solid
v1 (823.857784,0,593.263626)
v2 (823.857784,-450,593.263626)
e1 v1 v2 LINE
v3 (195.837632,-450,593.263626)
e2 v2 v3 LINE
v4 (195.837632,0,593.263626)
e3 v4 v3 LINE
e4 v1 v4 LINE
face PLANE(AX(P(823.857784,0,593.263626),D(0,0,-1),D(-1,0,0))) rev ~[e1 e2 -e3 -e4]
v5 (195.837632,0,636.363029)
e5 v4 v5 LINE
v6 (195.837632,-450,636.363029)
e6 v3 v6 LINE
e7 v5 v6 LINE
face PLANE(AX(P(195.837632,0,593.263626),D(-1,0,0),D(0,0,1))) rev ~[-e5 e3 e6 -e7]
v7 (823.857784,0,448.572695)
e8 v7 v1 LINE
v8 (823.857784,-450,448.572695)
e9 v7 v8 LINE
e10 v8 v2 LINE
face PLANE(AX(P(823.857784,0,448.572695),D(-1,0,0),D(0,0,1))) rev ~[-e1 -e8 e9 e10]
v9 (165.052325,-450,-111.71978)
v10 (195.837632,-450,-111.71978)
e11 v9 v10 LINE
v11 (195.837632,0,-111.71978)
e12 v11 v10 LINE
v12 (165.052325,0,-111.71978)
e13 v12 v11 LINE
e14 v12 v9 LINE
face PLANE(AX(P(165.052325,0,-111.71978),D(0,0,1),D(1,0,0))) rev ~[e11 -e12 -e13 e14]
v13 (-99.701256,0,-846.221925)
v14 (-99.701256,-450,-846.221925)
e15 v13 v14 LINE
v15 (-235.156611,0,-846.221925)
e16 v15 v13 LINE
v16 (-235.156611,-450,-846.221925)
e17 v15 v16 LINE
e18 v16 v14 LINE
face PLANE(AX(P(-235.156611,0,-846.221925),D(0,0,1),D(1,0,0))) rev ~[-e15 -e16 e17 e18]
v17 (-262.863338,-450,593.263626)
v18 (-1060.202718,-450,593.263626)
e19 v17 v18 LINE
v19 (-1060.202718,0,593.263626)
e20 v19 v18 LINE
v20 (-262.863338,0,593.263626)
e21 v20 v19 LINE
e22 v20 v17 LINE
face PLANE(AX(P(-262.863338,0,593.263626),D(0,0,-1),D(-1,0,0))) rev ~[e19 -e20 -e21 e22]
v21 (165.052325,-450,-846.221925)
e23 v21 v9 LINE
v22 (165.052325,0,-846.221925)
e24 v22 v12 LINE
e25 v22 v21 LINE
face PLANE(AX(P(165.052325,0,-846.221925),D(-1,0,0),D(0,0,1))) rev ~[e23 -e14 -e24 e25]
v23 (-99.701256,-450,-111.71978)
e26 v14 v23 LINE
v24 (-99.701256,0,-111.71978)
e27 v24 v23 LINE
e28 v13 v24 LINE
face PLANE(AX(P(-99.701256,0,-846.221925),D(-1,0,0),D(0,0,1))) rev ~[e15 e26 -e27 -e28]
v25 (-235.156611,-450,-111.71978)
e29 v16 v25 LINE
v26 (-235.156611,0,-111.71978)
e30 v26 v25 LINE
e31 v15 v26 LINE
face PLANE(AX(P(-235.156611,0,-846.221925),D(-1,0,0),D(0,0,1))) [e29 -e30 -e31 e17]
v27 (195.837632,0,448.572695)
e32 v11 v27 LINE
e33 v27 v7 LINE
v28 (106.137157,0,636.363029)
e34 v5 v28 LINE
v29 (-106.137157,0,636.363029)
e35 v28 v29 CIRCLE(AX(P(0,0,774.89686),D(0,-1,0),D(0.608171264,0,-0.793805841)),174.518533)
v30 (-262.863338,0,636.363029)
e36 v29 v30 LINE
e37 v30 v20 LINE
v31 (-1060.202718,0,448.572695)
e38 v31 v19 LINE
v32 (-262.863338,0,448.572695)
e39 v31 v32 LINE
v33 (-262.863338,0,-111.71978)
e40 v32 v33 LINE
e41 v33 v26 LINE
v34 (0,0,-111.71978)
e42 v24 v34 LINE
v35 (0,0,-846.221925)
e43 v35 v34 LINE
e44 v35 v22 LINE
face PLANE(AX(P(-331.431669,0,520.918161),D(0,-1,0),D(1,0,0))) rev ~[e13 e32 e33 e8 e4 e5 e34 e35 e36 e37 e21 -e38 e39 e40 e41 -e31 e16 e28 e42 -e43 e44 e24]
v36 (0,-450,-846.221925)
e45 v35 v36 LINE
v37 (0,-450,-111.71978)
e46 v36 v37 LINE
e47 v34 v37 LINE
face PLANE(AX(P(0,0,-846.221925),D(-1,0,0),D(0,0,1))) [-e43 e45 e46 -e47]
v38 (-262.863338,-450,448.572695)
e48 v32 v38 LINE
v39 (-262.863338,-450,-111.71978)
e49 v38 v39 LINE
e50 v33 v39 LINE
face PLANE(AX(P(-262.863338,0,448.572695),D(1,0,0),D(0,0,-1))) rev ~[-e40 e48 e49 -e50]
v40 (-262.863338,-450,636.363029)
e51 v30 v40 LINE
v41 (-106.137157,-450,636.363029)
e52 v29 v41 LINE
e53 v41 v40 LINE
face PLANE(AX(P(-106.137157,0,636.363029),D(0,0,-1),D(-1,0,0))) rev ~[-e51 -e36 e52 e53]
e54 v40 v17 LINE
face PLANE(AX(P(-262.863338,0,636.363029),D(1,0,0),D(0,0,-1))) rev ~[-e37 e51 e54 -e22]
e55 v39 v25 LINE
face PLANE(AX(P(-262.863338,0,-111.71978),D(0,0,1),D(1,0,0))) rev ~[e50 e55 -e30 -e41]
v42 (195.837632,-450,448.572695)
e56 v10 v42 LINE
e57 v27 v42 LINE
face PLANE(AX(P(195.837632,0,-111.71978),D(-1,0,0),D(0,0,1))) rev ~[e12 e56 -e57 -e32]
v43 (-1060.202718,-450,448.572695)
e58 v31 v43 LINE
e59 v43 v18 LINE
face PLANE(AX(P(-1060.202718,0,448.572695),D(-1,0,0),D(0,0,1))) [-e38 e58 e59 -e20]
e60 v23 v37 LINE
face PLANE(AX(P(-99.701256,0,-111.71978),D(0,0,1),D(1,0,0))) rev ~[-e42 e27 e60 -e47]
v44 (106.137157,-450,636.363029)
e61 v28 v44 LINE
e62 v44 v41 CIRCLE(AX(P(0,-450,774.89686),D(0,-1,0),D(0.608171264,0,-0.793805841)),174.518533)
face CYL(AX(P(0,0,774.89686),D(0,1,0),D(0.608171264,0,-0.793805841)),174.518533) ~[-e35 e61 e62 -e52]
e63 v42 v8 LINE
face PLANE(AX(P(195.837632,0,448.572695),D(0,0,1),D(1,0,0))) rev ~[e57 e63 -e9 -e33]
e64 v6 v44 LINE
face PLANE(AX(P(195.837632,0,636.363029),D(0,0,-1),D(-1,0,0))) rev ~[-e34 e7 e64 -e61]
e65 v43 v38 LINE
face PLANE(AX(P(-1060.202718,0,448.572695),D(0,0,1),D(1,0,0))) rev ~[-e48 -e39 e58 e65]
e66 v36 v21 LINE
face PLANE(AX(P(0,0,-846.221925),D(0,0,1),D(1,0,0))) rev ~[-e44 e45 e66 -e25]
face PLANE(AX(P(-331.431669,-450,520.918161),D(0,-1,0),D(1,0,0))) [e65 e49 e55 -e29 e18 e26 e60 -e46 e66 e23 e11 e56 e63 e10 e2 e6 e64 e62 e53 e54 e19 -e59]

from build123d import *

# Parameters (mm, degrees)
F0_W     = 137.1366620064
F0_H     = 144.6909308434
F0_W_2   = 660.2027177811
F0_W_3   = 43.0994033813
F0_W_4   = 58.4920793772
F0_W_5   = 204.1623681784
F0_W_6   = 165.0523245335
F0_H_2   = 734.502145648
F0_W_7   = 135.4553550482
F0_W_8   = 423.8577842712
F0_H_3   = 40.0208905339
F1_DEPTH = 450


with BuildPart() as f1:
    # F0 (on Front) → F1 (new body)
    with BuildSketch(Plane.XZ):
        with Locations((-331.4316689968, 520.918160677)):
            Rectangle(F0_W, F0_H)
        with Locations((-730.1013588905, 520.918160677)):
            Rectangle(F0_W_2, F0_H)
        with Locations((-241.3136363029, 520.918160677)):
            Rectangle(F0_W_3, F0_H)
        with BuildLine():
            Line((165.0523245335, -71.6988891363), (165.0523245335, -111.7197796702))
            Line((165.0523245335, -111.7197796702), (195.8376318216, -111.7197796702))
            Line((195.8376318216, -111.7197796702), (195.8376318216, 448.5726952553))
            Line((195.8376318216, 448.5726952553), (137.3455524445, 448.5726952553))
            Line((137.3455524445, 448.5726952553), (137.3455524445, 593.2636260986))
            Line((137.3455524445, 593.2636260986), (195.8376318216, 593.2636260986))
            Line((195.8376318216, 593.2636260986), (195.8376318216, 636.36302948))
            Line((195.8376318216, 636.36302948), (106.1371566971, 636.36302948))
            ThreePointArc((106.1371566971, 636.36302948), (0, 600.3783273983), (-106.1371566971, 636.36302948))
            Line((-106.1371566971, 636.36302948), (-262.8633379936, 636.36302948))
            Line((-262.8633379936, 636.36302948), (-262.8633379936, 593.2636260986))
            Line((-262.8633379936, 593.2636260986), (-219.7639346123, 593.2636260986))
            Line((-219.7639346123, 593.2636260986), (-219.7639346123, 448.5726952553))
            Line((-219.7639346123, 448.5726952553), (-262.8633379936, 448.5726952553))
            Line((-262.8633379936, 448.5726952553), (-262.8633379936, -111.7197796702))
            Line((-262.8633379936, -111.7197796702), (-235.1566106081, -111.7197796702))
            Line((-235.1566106081, -111.7197796702), (-235.1566106081, -71.6988891363))
            Line((-235.1566106081, -71.6988891363), (-99.7012555599, -71.6988891363))
            Line((-99.7012555599, -71.6988891363), (-99.7012555599, -111.7197796702))
            Line((-99.7012555599, -111.7197796702), (0, -111.7197796702))
            Line((0, -111.7197796702), (0, -71.6988891363))
            Line((0, -71.6988891363), (165.0523245335, -71.6988891363))
        make_face()
        with BuildLine():
            Line((-106.1371566971, 636.36302948), (106.1371566971, 636.36302948))
            ThreePointArc((106.1371566971, 636.36302948), (156.4922028706, 697.6510919216), (174.5185327244, 774.8968601227))
            ThreePointArc((174.5185327244, 774.8968601227), (-77.2457682011, 931.3890629933), (-106.1371566971, 636.36302948))
        make_face()
        with Locations((166.591592133, 520.918160677)):
            Rectangle(F0_W_4, F0_H)
        with Locations((297.9188159108, 520.918160677)):
            Rectangle(F0_W_5, F0_H)
        with Locations((82.5261622667, -478.9708524942)):
            Rectangle(F0_W_6, F0_H_2)
        with Locations((-167.428933084, -478.9708524942)):
            Rectangle(F0_W_7, F0_H_2)
        with Locations((611.9288921356, 520.918160677)):
            Rectangle(F0_W_8, F0_H)
        with BuildLine():
            ThreePointArc((-106.1371566971, 636.36302948), (0, 600.3783273983), (106.1371566971, 636.36302948))
            Line((106.1371566971, 636.36302948), (-106.1371566971, 636.36302948))
        make_face()
        with Locations((82.5261622667, -91.7093344033)):
            Rectangle(F0_W_6, F0_H_3)
        with Locations((-167.428933084, -91.7093344033)):
            Rectangle(F0_W_7, F0_H_3)
    extrude(amount=F1_DEPTH)


solid = f1.part
